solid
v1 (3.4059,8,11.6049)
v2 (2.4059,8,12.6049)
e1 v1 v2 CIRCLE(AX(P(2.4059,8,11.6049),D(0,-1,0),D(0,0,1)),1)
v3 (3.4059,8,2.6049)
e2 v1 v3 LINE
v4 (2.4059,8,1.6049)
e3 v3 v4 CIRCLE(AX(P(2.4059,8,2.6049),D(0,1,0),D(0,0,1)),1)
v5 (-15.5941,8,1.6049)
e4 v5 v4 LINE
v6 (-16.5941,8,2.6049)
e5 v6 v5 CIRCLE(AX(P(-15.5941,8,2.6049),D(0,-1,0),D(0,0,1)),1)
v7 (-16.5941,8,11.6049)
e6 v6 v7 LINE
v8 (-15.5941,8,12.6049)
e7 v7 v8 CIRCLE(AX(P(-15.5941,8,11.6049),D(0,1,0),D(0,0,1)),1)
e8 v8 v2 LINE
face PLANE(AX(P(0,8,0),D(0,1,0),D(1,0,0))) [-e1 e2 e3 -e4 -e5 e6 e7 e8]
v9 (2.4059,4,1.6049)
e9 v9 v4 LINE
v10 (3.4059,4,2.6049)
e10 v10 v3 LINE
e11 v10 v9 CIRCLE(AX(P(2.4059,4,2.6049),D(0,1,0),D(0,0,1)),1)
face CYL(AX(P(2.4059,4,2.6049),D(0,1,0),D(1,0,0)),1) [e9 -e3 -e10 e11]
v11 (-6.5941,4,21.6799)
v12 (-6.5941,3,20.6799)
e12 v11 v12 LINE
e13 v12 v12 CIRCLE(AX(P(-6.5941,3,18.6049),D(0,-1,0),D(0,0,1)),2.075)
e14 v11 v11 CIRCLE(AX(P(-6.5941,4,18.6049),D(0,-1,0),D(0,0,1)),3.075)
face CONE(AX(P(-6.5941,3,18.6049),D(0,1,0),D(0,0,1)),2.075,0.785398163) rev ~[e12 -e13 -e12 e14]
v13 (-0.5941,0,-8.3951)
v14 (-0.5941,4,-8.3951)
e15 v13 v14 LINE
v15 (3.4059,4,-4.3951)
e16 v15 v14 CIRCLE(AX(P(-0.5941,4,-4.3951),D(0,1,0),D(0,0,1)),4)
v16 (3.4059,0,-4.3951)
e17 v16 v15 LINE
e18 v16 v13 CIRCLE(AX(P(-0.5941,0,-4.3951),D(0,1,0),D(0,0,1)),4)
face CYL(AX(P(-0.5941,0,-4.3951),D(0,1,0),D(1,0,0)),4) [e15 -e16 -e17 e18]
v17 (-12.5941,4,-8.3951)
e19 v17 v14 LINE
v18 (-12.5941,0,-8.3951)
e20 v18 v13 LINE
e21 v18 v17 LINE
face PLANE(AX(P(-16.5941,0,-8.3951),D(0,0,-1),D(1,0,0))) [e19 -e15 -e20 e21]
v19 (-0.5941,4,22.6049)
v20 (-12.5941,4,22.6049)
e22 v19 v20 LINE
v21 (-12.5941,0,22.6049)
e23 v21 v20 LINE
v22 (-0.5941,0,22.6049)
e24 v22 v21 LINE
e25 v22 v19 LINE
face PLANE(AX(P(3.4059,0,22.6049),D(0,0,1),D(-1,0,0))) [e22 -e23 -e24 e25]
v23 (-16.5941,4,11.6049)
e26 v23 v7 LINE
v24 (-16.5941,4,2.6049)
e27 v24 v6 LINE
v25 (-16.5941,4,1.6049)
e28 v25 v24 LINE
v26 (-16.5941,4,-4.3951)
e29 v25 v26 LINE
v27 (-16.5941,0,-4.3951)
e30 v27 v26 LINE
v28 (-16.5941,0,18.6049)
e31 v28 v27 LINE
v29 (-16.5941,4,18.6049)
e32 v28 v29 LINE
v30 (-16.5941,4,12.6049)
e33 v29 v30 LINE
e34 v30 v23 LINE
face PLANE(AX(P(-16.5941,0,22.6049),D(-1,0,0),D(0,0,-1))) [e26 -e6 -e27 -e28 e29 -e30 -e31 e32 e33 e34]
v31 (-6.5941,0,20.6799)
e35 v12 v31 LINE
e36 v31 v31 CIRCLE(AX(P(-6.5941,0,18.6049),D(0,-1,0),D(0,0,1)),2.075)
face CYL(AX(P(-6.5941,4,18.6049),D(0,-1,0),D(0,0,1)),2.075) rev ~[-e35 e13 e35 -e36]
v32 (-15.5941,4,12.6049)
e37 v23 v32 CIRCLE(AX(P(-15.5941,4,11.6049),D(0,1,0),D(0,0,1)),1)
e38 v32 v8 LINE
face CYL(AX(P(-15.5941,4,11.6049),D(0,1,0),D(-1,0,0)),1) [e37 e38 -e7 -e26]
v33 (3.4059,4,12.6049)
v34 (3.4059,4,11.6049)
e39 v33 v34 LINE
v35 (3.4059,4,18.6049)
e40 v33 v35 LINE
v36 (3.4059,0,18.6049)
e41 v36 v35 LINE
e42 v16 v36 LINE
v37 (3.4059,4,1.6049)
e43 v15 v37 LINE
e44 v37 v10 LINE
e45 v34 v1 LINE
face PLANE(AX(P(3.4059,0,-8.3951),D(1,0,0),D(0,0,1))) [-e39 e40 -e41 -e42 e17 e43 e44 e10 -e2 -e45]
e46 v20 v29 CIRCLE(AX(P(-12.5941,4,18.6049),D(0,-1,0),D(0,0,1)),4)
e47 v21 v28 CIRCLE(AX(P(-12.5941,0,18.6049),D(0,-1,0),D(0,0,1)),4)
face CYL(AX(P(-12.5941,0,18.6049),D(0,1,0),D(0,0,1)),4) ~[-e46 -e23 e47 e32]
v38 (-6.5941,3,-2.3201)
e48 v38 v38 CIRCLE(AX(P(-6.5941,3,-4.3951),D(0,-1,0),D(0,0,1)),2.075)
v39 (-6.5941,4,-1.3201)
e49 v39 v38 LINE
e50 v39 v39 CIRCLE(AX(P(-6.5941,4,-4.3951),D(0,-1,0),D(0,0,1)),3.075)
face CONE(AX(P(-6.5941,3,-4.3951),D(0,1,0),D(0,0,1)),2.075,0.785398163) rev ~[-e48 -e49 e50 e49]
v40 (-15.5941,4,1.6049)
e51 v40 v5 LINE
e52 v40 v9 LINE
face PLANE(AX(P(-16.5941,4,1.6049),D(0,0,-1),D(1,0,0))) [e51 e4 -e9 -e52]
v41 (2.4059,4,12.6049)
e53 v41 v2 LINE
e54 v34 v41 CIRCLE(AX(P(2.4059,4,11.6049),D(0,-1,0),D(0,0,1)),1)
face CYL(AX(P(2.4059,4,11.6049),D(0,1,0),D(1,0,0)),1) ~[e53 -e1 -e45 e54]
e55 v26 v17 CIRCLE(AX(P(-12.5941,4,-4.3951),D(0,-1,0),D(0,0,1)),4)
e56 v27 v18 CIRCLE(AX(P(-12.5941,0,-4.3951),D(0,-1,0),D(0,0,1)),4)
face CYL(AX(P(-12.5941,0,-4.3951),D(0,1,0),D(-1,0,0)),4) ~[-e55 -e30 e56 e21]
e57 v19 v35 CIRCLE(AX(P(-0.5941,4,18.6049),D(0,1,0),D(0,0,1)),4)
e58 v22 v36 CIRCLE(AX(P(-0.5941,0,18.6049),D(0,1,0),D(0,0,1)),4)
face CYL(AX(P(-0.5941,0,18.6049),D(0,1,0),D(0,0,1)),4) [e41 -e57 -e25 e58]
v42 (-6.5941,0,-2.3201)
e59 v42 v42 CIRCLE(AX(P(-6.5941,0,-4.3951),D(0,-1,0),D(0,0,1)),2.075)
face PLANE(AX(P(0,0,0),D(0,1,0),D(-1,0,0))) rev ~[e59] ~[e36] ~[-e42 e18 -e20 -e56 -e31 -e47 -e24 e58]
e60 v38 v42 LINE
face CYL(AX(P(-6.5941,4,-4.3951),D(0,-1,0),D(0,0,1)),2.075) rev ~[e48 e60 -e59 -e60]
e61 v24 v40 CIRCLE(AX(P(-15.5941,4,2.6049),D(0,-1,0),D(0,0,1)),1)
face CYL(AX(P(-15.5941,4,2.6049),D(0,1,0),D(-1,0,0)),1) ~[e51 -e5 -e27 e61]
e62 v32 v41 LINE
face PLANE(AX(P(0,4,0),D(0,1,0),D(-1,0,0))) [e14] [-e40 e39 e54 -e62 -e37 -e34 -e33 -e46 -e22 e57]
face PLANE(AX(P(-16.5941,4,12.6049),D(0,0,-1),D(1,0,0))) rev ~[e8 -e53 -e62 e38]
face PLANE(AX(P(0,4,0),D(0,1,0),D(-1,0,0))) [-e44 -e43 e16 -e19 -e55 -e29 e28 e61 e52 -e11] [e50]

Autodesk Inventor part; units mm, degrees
ref_plane "YZ Plane" through (0, 0, 0) normal (1, 0, 0) x (0, 1, 0)
ref_plane "XZ Plane" through (0, 0, 0) normal (0, 1, 0) x (-1, 0, 0)
ref_plane "XY Plane" through (0, 0, 0) normal (0, 0, 1) x (1, 0, 0)
sketch "Szkic1" plane through (0, 0, 0) normal (0, 1, 0) x (-1, 0, 0)
  line L0 (-3.4059, 22.6049) -> (16.5941, 22.6049)
  line L1 (16.5941, 22.6049) -> (16.5941, -8.3951)
  line L2 (16.5941, -8.3951) -> (-3.4059, -8.3951)
  line L3 (-3.4059, -8.3951) -> (-3.4059, 22.6049)
  point P0 (0, 0)
  dimension "d0" = 20
  dimension "d1" = 31
extrude "Wyciągnięcie proste1" add sketch "Szkic1" along normal blind 4
sketch "Szkic2" plane through (0, 4, 0) normal (0, 1, 0) x (1, 0, 0)
  line L0 (-16.5941, 8.3951) -> (-16.5941, -22.6049) projected
  line L1 (-16.5941, -22.6049) -> (3.4059, -22.6049) projected
  line L2 (-16.5941, -22.6049) -> (3.4059, -22.6049)
  line L3 (3.4059, -22.6049) -> (3.4059, 8.3951) projected
  line L4 (3.4059, -22.6049) -> (3.4059, 8.3951)
  line L5 (3.4059, 8.3951) -> (-16.5941, 8.3951) projected
  line L6 (3.4059, 8.3951) -> (-16.5941, 8.3951)
  line L7 (-16.5941, 8.3951) -> (-16.5941, -22.6049)
  line L8 (-16.5941, -12.6049) -> (3.4059, -12.6049)
  line L9 (-16.5941, -1.6049) -> (3.4059, -1.6049)
  point P0 (0, 0)
  point P1 (-6.5941, -18.6049)
  point P2 (-6.5941, 4.3951)
  dimension "d4" = 10
  dimension "d5" = 10
  dimension "d6" = 10
  dimension "d7" = 10
  dimension "d8" = 4
  dimension "d9" = 4
extrude "Wyciągnięcie proste2" add sketch "Szkic2" along normal blind 4 contours L9 L3 L8 L0
fillet "Zaokrąglenie1" radius 4 4 edges at (3.4059, 2, -8.3951) (-16.5941, 2, -8.3951) (3.4059, 2, 22.6049) (-16.5941, 2, 22.6049)
hole "Otwór1" at (-6.5941, 4, 18.6049) at (-6.5941, 4, -4.3951) direction (0, -1, 0) diameter 4.15 end through all
fillet "Zaokrąglenie2" radius 1 4 edges at (3.4059, 6, 1.6049) (3.4059, 6, 12.6049) (-16.5941, 6, 1.6049) (-16.5941, 6, 12.6049)
chamfer "Faza1" distance 1 angle 45 2 edges at (-6.5941, 4, 16.5299) (-6.5941, 4, -6.4701)
properties part number "3DP_ABS_Z_Axis_Endstop_Mount"
